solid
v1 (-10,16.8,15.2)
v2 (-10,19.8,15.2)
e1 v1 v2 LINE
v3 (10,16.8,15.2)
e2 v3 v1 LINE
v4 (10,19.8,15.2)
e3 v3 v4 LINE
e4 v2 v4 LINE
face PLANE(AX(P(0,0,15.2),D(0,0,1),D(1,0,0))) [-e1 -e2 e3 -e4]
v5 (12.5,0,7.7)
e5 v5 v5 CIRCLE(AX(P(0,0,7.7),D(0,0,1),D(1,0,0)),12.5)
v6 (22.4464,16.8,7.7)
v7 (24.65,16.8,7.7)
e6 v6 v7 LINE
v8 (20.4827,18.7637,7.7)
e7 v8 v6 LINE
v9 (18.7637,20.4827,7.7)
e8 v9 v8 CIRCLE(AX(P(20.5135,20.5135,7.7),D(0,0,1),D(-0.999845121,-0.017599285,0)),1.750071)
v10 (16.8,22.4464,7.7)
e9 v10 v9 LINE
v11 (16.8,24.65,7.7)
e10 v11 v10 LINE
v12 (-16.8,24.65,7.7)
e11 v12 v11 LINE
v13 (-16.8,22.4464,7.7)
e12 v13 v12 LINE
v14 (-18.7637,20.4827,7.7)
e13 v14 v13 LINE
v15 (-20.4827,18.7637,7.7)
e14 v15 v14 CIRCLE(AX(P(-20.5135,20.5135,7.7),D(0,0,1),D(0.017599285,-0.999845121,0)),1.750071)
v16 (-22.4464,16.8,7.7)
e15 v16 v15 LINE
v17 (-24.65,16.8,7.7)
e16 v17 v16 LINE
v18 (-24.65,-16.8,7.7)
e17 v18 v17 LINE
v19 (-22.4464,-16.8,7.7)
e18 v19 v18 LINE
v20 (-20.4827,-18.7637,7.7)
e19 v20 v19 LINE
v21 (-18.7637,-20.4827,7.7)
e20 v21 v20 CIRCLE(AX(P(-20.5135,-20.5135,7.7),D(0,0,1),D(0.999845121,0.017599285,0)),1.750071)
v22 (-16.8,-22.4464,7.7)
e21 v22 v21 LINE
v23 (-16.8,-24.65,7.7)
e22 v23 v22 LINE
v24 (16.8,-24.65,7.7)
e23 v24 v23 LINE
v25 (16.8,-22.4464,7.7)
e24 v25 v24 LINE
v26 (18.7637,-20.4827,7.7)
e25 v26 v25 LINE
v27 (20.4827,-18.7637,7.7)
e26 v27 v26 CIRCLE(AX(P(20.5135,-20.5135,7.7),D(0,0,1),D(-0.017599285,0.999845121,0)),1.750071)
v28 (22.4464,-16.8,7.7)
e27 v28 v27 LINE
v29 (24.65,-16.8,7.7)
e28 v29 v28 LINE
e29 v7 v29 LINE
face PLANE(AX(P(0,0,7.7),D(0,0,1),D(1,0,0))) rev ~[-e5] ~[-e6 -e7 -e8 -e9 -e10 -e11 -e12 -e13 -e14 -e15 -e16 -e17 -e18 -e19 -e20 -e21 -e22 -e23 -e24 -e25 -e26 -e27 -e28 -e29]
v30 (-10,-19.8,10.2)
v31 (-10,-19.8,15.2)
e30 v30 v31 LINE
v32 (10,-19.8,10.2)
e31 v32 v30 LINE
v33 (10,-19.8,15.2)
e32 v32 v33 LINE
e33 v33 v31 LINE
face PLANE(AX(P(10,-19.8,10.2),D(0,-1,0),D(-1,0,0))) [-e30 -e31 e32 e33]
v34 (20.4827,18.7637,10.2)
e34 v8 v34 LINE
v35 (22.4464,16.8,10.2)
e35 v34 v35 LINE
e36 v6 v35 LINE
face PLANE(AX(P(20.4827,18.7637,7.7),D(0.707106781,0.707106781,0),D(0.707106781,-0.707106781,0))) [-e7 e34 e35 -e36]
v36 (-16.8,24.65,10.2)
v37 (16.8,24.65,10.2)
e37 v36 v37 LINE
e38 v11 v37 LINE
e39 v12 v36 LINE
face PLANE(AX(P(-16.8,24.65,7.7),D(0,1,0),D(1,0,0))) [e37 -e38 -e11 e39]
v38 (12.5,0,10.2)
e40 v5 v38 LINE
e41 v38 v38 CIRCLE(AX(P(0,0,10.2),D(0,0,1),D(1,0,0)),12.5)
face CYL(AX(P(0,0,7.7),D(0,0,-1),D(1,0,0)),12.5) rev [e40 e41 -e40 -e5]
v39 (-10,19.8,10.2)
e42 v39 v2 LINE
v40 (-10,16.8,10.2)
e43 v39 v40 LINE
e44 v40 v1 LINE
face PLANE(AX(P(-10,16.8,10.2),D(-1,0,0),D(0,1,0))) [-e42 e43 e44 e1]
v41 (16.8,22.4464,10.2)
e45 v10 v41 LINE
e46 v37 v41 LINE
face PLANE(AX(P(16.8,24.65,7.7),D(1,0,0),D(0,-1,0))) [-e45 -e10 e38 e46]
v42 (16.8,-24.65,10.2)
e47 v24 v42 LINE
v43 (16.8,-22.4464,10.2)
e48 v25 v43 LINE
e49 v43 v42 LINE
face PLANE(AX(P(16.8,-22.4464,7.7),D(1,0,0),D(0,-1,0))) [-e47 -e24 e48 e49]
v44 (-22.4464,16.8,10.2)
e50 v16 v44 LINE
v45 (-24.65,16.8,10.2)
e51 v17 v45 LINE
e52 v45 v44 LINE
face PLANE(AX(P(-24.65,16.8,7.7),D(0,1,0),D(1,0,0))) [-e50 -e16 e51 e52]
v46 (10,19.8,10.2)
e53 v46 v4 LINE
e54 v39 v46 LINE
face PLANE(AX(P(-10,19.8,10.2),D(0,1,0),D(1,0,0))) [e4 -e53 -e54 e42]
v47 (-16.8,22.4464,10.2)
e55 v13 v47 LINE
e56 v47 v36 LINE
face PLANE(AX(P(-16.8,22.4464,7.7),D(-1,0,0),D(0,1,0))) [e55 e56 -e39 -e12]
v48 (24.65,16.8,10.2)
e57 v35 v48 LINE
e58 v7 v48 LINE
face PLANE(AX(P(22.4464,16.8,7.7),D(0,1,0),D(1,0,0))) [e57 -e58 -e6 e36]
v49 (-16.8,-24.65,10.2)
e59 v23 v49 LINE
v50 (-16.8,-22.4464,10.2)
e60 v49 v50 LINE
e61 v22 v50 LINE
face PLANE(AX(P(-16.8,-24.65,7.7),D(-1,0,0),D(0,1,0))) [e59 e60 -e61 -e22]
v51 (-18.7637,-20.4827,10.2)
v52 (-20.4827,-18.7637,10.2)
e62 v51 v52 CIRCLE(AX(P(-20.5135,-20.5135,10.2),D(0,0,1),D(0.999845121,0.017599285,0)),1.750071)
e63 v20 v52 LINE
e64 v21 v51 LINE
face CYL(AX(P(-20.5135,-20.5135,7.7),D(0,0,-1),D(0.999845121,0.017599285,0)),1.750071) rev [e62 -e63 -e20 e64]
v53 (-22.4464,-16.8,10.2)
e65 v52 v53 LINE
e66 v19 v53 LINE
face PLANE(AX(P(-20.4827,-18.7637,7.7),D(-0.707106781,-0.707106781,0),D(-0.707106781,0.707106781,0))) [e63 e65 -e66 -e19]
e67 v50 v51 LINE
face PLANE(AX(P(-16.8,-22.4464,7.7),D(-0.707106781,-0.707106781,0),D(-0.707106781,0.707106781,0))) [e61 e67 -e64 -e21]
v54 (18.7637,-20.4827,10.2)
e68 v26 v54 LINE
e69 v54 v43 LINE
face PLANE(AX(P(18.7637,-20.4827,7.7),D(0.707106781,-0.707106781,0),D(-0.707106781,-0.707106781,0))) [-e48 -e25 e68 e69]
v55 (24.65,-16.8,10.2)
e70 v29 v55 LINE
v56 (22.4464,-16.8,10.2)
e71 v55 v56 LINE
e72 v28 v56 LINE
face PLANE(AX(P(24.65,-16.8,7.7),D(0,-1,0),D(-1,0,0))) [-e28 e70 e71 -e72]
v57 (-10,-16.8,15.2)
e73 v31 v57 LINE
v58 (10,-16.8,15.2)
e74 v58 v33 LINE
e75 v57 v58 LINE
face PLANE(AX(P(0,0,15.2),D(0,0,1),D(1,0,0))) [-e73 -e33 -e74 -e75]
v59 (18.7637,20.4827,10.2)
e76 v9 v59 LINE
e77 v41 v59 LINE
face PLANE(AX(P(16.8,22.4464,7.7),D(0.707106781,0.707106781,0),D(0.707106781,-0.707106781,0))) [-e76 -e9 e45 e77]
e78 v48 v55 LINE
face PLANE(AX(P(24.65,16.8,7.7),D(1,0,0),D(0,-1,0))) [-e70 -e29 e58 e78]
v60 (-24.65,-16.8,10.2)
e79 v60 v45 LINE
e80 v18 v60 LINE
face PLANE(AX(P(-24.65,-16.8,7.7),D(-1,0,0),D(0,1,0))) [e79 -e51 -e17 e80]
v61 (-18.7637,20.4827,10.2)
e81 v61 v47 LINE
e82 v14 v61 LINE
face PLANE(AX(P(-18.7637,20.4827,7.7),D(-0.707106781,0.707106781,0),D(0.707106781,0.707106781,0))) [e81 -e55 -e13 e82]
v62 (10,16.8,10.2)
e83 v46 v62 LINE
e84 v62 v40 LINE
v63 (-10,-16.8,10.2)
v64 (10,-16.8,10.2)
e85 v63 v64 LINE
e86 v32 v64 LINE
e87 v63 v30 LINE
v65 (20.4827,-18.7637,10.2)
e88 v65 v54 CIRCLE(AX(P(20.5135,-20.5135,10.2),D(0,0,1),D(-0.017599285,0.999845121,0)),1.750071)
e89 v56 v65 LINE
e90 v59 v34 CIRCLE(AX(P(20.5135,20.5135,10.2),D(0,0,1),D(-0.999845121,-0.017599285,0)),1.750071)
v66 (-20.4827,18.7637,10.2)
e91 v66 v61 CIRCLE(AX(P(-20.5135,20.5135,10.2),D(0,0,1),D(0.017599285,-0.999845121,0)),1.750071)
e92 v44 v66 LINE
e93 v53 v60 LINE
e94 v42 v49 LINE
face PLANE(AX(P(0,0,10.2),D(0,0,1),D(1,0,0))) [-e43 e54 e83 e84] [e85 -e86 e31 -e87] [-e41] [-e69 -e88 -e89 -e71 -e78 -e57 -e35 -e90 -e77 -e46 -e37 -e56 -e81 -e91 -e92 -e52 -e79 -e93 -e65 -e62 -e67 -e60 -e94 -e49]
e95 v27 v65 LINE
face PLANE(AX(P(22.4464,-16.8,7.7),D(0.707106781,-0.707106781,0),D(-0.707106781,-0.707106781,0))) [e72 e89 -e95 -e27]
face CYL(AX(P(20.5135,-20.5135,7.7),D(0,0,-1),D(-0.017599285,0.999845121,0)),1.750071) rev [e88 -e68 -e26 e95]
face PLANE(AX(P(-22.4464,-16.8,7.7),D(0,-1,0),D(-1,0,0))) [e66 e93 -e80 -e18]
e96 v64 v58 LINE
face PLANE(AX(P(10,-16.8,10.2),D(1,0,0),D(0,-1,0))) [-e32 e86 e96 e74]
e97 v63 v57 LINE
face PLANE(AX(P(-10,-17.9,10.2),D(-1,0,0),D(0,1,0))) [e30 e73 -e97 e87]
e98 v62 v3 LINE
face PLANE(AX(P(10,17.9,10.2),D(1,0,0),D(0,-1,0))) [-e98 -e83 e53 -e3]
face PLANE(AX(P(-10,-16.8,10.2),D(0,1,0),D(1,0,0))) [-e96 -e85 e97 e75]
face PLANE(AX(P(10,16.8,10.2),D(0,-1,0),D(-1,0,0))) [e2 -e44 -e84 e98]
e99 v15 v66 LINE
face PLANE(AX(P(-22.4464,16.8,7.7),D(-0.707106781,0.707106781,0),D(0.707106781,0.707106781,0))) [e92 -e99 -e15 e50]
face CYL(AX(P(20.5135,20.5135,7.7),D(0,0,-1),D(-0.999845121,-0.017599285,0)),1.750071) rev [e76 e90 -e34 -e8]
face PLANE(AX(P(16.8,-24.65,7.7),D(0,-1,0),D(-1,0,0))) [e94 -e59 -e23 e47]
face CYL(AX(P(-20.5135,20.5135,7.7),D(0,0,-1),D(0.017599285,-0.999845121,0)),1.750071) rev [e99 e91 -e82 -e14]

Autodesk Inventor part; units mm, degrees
ref_plane "YZ Plane" through (0, 0, 0) normal (1, 0, 0) x (0, 1, 0)
sketch "Sketch1" plane through (0, 0, 0) normal (0, 0, 1) x (1, 0, 0)
  line L0 (-17.9, 11.25) -> (-21.066, 11.25) projected
  line L1 (-17.9, 14.6269) -> (-17.9, 11.25) projected
  line L2 (-14.6269, 17.9) -> (-17.9, 14.6269) projected
  line L3 (14.6269, 17.9) -> (-14.6269, 17.9) projected
  line L4 (17.9, 14.6269) -> (14.6269, 17.9) projected
  line L5 (17.9, 11.25) -> (17.9, 14.6269) projected
  line L6 (21.066, 11.25) -> (17.9, 11.25) projected
  line L7 (21.066, 11.25) -> (21.066, -11.25) projected
  line L8 (17.9, -11.25) -> (21.066, -11.25) projected
  line L9 (17.9, -14.6269) -> (17.9, -11.25) projected
  line L10 (14.6269, -17.9) -> (17.9, -14.6269) projected
  line L11 (-14.6269, -17.9) -> (14.6269, -17.9) projected
  line L12 (-17.9, -14.6269) -> (-14.6269, -17.9) projected
  line L13 (-17.9, -11.25) -> (-17.9, -14.6269) projected
  line L14 (-21.066, -11.25) -> (-17.9, -11.25) projected
  line L15 (-21.066, 11.25) -> (-21.066, -11.25) projected
  circle A0 centre (-20.8, 14.4) radius 2.35 projected
  circle A1 centre (20.8, -14.4) radius 2.35 projected
  circle A2 centre (20.8, 14.4) radius 2.35 projected
  circle A3 centre (-20.8, -14.4) radius 2.35 projected
  line L16 (17.05, -24.9) -> (-17.05, -24.9) projected
  line L17 (17.05, -22.55) -> (17.05, -24.9) projected
  line L18 (19.0152, -20.5848) -> (17.05, -22.55) projected
  arc A4 (20.5848, -19.0152) -> (19.0152, -20.5848) centre (20.5135, -20.5135) ccw projected
  line L19 (22.55, -17.05) -> (20.5848, -19.0152) projected
  line L20 (24.9, -17.05) -> (22.55, -17.05) projected
  line L21 (24.9, 17.05) -> (24.9, -17.05) projected
  line L22 (22.55, 17.05) -> (24.9, 17.05) projected
  line L23 (20.5848, 19.0152) -> (22.55, 17.05) projected
  arc A5 (19.0152, 20.5848) -> (20.5848, 19.0152) centre (20.5135, 20.5135) ccw projected
  line L24 (17.05, 22.55) -> (19.0152, 20.5848) projected
  line L25 (17.05, 24.9) -> (17.05, 22.55) projected
  line L26 (-17.05, 24.9) -> (17.05, 24.9) projected
  line L27 (-17.05, 22.55) -> (-17.05, 24.9) projected
  line L28 (-19.0152, 20.5848) -> (-17.05, 22.55) projected
  arc A6 (-20.5848, 19.0152) -> (-19.0152, 20.5848) centre (-20.5135, 20.5135) ccw projected
  line L29 (-22.55, 17.05) -> (-20.5848, 19.0152) projected
  line L30 (-24.9, 17.05) -> (-22.55, 17.05) projected
  line L31 (-24.9, -17.05) -> (-24.9, 17.05) projected
  line L32 (-22.55, -17.05) -> (-24.9, -17.05) projected
  line L33 (-20.5848, -19.0152) -> (-22.55, -17.05) projected
  arc A7 (-19.0152, -20.5848) -> (-20.5848, -19.0152) centre (-20.5135, -20.5135) ccw projected
  line L34 (-17.05, -22.55) -> (-19.0152, -20.5848) projected
  line L35 (-17.05, -24.9) -> (-17.05, -22.55) projected
  line L36 (24.65, -16.8) -> (22.4464, -16.8)
  line L37 (22.4464, -16.8) -> (20.4827, -18.7637)
  arc A8 (20.4827, -18.7637) -> (18.7637, -20.4827) centre (20.5135, -20.5135) ccw
  line L38 (18.7637, -20.4827) -> (16.8, -22.4464)
  line L39 (16.8, -22.4464) -> (16.8, -24.65)
  line L40 (16.8, -24.65) -> (-16.8, -24.65)
  line L41 (-16.8, -24.65) -> (-16.8, -22.4464)
  line L42 (-16.8, -22.4464) -> (-18.7637, -20.4827)
  arc A9 (-18.7637, -20.4827) -> (-20.4827, -18.7637) centre (-20.5135, -20.5135) ccw
  line L43 (-20.4827, -18.7637) -> (-22.4464, -16.8)
  line L44 (-22.4464, -16.8) -> (-24.65, -16.8)
  line L45 (-24.65, -16.8) -> (-24.65, 16.8)
  line L46 (-24.65, 16.8) -> (-22.4464, 16.8)
  line L47 (-22.4464, 16.8) -> (-20.4827, 18.7637)
  arc A10 (-20.4827, 18.7637) -> (-18.7637, 20.4827) centre (-20.5135, 20.5135) ccw
  line L48 (-18.7637, 20.4827) -> (-16.8, 22.4464)
  line L49 (-16.8, 22.4464) -> (-16.8, 24.65)
  line L50 (-16.8, 24.65) -> (16.8, 24.65)
  line L51 (16.8, 24.65) -> (16.8, 22.4464)
  line L52 (16.8, 22.4464) -> (18.7637, 20.4827)
  arc A11 (18.7637, 20.4827) -> (20.4827, 18.7637) centre (20.5135, 20.5135) ccw
  line L53 (20.4827, 18.7637) -> (22.4464, 16.8)
  line L54 (22.4464, 16.8) -> (24.65, 16.8)
  line L55 (24.65, 16.8) -> (24.65, -16.8)
  circle A12 centre (0, 0) radius 12.5
  line L56 (22.4464, 16.8) -> (-22.4464, 16.8)
  line L57 (-22.4464, -16.8) -> (22.4464, -16.8)
  line L58 (-10, -15.3) -> (10, -15.3)
  line L59 (10, -15.3) -> (10, -18.3)
  line L60 (10, -18.3) -> (-10, -18.3)
  line L61 (-10, -18.3) -> (-10, -15.3)
  line L62 (-10, -15.3) -> (10, -18.3) construction
  line L63 (10, -15.3) -> (-10, -18.3) construction
  line L64 (-10, 18.3) -> (10, 18.3)
  line L65 (10, 18.3) -> (10, 15.3)
  line L66 (10, 15.3) -> (-10, 15.3)
  line L67 (-10, 15.3) -> (-10, 18.3)
  line L68 (-10, 18.3) -> (10, 15.3) construction
  line L69 (10, 18.3) -> (-10, 15.3) construction
  line L70 (-10, 19.8) -> (10, 19.8)
  line L71 (10, 19.8) -> (10, 16.8)
  line L72 (10, 16.8) -> (-10, 16.8)
  line L73 (-10, 16.8) -> (-10, 19.8)
  line L74 (-10, 19.8) -> (10, 16.8) construction
  line L75 (10, 19.8) -> (-10, 16.8) construction
  line L76 (-10, -16.8) -> (10, -16.8)
  line L77 (10, -16.8) -> (10, -19.8)
  line L78 (10, -19.8) -> (-10, -19.8)
  line L79 (-10, -19.8) -> (-10, -16.8)
  line L80 (-10, -16.8) -> (10, -19.8) construction
  line L81 (10, -16.8) -> (-10, -19.8) construction
  point P0 (0, -16.8)
  point P1 (0, 16.8)
  point P2 (0, 18.3)
  point P3 (0, -18.3)
  dimension "d0" = 0.25
  dimension "d1" = 25
  dimension "d2" = 20
  dimension "d3" = 3
  dimension "d4" = 20
  dimension "d5" = 3
  dimension "d6" = 20
  dimension "d7" = 3
  dimension "d8" = 20
  dimension "d9" = 3
ref_plane "Work Plane1" through (-24.9, -24.9, 7.7) normal (0, 0, 1) x (1, 0, 0)
extrude "Extrusion1" add sketch "Sketch1" along normal blind 2.5 from surface at 7.7 contours L1 L2 L56 L67 L66 L65 L4 L5 L6 L7 L8 L9 L10 L57 L59 L58 L61 L12 L13 L14 L15 L0 | L0 L15 L14 L13 L12 L57 L44 L45 L46 L56 L2 L1 | L56 L47 A10 L48 L49 L50 L51 L52 A11 L53 L4 L3 L65 L71 L70 L73 L67 L2 | L2 L3 L67 L56 | L67 L3 L65 L56 | L56 L65 L66 L67 | L67 L64 L65 L3 | L65 L3 L4 L56 | L57 L61 L11 L12 | L12 L11 L61 L79 L78 L77 L59 L10 L57 L37 A8 L38 L39 L40 L41 L42 A9 L43 | L73 L70 L71 L64 | L56 L54 L55 L36 L57 L10 L9 L8 L7 L6 L5 L4 | L61 L58 L59 L57 | L57 L59 L11 L61 | L11 L59 L60 L61 | L57 L10 L11 L59 | L60 L77 L78 L79 | A0 | A1 | A2 | A3
sketch "Sketch2" plane through (0, 0, 0) normal (0, 0, 1) x (1, 0, 0)
  line L0 (-17.9, 11.25) -> (-21.066, 11.25)
  line L1 (-17.9, 14.6269) -> (-17.9, 11.25)
  line L2 (-14.6269, 17.9) -> (-17.9, 14.6269)
  line L3 (14.6269, 17.9) -> (-14.6269, 17.9)
  line L4 (17.9, 14.6269) -> (14.6269, 17.9)
  line L5 (17.9, 11.25) -> (17.9, 14.6269)
  line L6 (21.066, 11.25) -> (17.9, 11.25)
  line L7 (21.066, 11.25) -> (21.066, -11.25)
  line L8 (17.9, -11.25) -> (21.066, -11.25)
  line L9 (17.9, -14.6269) -> (17.9, -11.25)
  line L10 (14.6269, -17.9) -> (17.9, -14.6269)
  line L11 (-14.6269, -17.9) -> (14.6269, -17.9)
  line L12 (-17.9, -14.6269) -> (-14.6269, -17.9)
  line L13 (-17.9, -11.25) -> (-17.9, -14.6269)
  line L14 (-21.066, -11.25) -> (-17.9, -11.25)
  line L15 (-21.066, 11.25) -> (-21.066, -11.25)
  circle A0 centre (-20.8, 14.4) radius 2.35
  circle A1 centre (20.8, -14.4) radius 2.35
  circle A2 centre (20.8, 14.4) radius 2.35
  circle A3 centre (-20.8, -14.4) radius 2.35
  line L16 (17.05, -24.9) -> (-17.05, -24.9)
  line L17 (17.05, -22.55) -> (17.05, -24.9)
  line L18 (19.0152, -20.5848) -> (17.05, -22.55)
  arc A4 (20.5848, -19.0152) -> (19.0152, -20.5848) centre (20.5135, -20.5135) ccw
  line L19 (22.55, -17.05) -> (20.5848, -19.0152)
  line L20 (24.9, -17.05) -> (22.55, -17.05)
  line L21 (24.9, 17.05) -> (24.9, -17.05)
  line L22 (22.55, 17.05) -> (24.9, 17.05)
  line L23 (20.5848, 19.0152) -> (22.55, 17.05)
  arc A5 (19.0152, 20.5848) -> (20.5848, 19.0152) centre (20.5135, 20.5135) ccw
  line L24 (17.05, 22.55) -> (19.0152, 20.5848)
  line L25 (17.05, 24.9) -> (17.05, 22.55)
  line L26 (-17.05, 24.9) -> (17.05, 24.9)
  line L27 (-17.05, 22.55) -> (-17.05, 24.9)
  line L28 (-19.0152, 20.5848) -> (-17.05, 22.55)
  arc A6 (-20.5848, 19.0152) -> (-19.0152, 20.5848) centre (-20.5135, 20.5135) ccw
  line L29 (-22.55, 17.05) -> (-20.5848, 19.0152)
  line L30 (-24.9, 17.05) -> (-22.55, 17.05)
  line L31 (-24.9, -17.05) -> (-24.9, 17.05)
  line L32 (-22.55, -17.05) -> (-24.9, -17.05)
  line L33 (-20.5848, -19.0152) -> (-22.55, -17.05)
  arc A7 (-19.0152, -20.5848) -> (-20.5848, -19.0152) centre (-20.5135, -20.5135) ccw
  line L34 (-17.05, -22.55) -> (-19.0152, -20.5848)
  line L35 (-17.05, -24.9) -> (-17.05, -22.55)
  line L36 (24.65, -16.8) -> (22.4464, -16.8)
  line L37 (22.4464, -16.8) -> (20.4827, -18.7637)
  arc A8 (20.4827, -18.7637) -> (18.7637, -20.4827) centre (20.5135, -20.5135) ccw
  line L38 (18.7637, -20.4827) -> (16.8, -22.4464)
  line L39 (16.8, -22.4464) -> (16.8, -24.65)
  line L40 (16.8, -24.65) -> (-16.8, -24.65)
  line L41 (-16.8, -24.65) -> (-16.8, -22.4464)
  line L42 (-16.8, -22.4464) -> (-18.7637, -20.4827)
  arc A9 (-18.7637, -20.4827) -> (-20.4827, -18.7637) centre (-20.5135, -20.5135) ccw
  line L43 (-20.4827, -18.7637) -> (-22.4464, -16.8)
  line L44 (-22.4464, -16.8) -> (-24.65, -16.8)
  line L45 (-24.65, -16.8) -> (-24.65, 16.8)
  line L46 (-24.65, 16.8) -> (-22.4464, 16.8)
  line L47 (-22.4464, 16.8) -> (-20.4827, 18.7637)
  arc A10 (-20.4827, 18.7637) -> (-18.7637, 20.4827) centre (-20.5135, 20.5135) ccw
  line L48 (-18.7637, 20.4827) -> (-16.8, 22.4464)
  line L49 (-16.8, 22.4464) -> (-16.8, 24.65)
  line L50 (-16.8, 24.65) -> (16.8, 24.65)
  line L51 (16.8, 24.65) -> (16.8, 22.4464)
  line L52 (16.8, 22.4464) -> (18.7637, 20.4827)
  arc A11 (18.7637, 20.4827) -> (20.4827, 18.7637) centre (20.5135, 20.5135) ccw
  line L53 (20.4827, 18.7637) -> (22.4464, 16.8)
  line L54 (22.4464, 16.8) -> (24.65, 16.8)
  line L55 (24.65, 16.8) -> (24.65, -16.8)
  circle A12 centre (0, 0) radius 12.5
  line L56 (22.4464, 16.8) -> (-22.4464, 16.8)
  line L57 (-22.4464, -16.8) -> (22.4464, -16.8)
  line L58 (-10, -15.3) -> (10, -15.3)
  line L59 (10, -15.3) -> (10, -18.3)
  line L60 (10, -18.3) -> (-10, -18.3)
  line L61 (-10, -18.3) -> (-10, -15.3)
  line L62 (-10, -15.3) -> (10, -18.3) construction
  line L63 (10, -15.3) -> (-10, -18.3) construction
  line L64 (-10, 18.3) -> (10, 18.3)
  line L65 (10, 18.3) -> (10, 15.3)
  line L66 (10, 15.3) -> (-10, 15.3)
  line L67 (-10, 15.3) -> (-10, 18.3)
  line L68 (-10, 18.3) -> (10, 15.3) construction
  line L69 (10, 18.3) -> (-10, 15.3) construction
  line L70 (-10, 19.8) -> (10, 19.8)
  line L71 (10, 19.8) -> (10, 16.8)
  line L72 (10, 16.8) -> (-10, 16.8)
  line L73 (-10, 16.8) -> (-10, 19.8)
  line L74 (-10, 19.8) -> (10, 16.8) construction
  line L75 (10, 19.8) -> (-10, 16.8) construction
  line L76 (-10, -16.8) -> (10, -16.8)
  line L77 (10, -16.8) -> (10, -19.8)
  line L78 (10, -19.8) -> (-10, -19.8)
  line L79 (-10, -19.8) -> (-10, -16.8)
  line L80 (-10, -16.8) -> (10, -19.8) construction
  line L81 (10, -16.8) -> (-10, -19.8) construction
  point P0 (0, -16.8)
  point P1 (0, 16.8)
  point P2 (0, 18.3)
  point P3 (0, -18.3)
  point P4 (10, -16.8)
  point P5 (-10, -16.8)
  point P6 (-10, 16.8)
  point P7 (10, 16.8)
  dimension "d1" = 25
  dimension "d12" = 0.25
  dimension "d13" = 25
  dimension "d14" = 20
  dimension "d15" = 3
  dimension "d16" = 20
  dimension "d17" = 3
  dimension "d18" = 20
  dimension "d19" = 3
  dimension "d20" = 20
  dimension "d21" = 3
extrude "Extrusion2" add sketch "Sketch2" along normal blind 5 from surface at 10.2 contours L67 L3 L65 L56 | L67 L64 L65 L3 | L73 L70 L71 L64 | L57 L59 L11 L61 | L11 L59 L60 L61 | L60 L77 L78 L79
sketch "Sketch3" plane through (-16.8, 24.65, 10.2) normal (0, 1, 0) x (1, 0, 0)
  circle A0 centre (-3.1, -24.6) radius 2.0625 projected
  circle A1 centre (36.7, -24.6) radius 2.0625 projected
  circle A2 centre (36.7, -4.8) radius 2.0625 projected
  circle A3 centre (-3.1, -4.8) radius 2.0625 projected
  circle A4 centre (26.8, 6.35) radius 1.5625 projected
  circle A5 centre (6.8, 6.35) radius 1.5625 projected
  line L0 (-6.1, -31.9) -> (-6.1, 10.2) projected
  line L1 (-6.1, -31.9) -> (-0.25, -31.9) projected
  line L2 (-0.25, -31.9) -> (-0.25, 2.5) projected
  line L3 (-0.25, 2.5) -> (33.85, 2.5) projected
  line L4 (33.85, 2.5) -> (33.85, -31.9) projected
  line L5 (33.85, -31.9) -> (39.7, -31.9) projected
  line L6 (39.7, 10.2) -> (39.7, -31.9) projected
  line L7 (39.7, 10.2) -> (-6.1, 10.2) projected
  line L8 (28.447, 2.5) -> (5.153, 2.5)
  point P0 (16.8, 10.2)
ref_plane "Work Plane2" through (-22.9, -24.9, 0) normal (0, -1, 0) x (1, 0, 0)
extrude "Extrusion3" [suppressed]
pattern_circular "Circular Pattern1" [suppressed]
properties part number "Sample Holder"
